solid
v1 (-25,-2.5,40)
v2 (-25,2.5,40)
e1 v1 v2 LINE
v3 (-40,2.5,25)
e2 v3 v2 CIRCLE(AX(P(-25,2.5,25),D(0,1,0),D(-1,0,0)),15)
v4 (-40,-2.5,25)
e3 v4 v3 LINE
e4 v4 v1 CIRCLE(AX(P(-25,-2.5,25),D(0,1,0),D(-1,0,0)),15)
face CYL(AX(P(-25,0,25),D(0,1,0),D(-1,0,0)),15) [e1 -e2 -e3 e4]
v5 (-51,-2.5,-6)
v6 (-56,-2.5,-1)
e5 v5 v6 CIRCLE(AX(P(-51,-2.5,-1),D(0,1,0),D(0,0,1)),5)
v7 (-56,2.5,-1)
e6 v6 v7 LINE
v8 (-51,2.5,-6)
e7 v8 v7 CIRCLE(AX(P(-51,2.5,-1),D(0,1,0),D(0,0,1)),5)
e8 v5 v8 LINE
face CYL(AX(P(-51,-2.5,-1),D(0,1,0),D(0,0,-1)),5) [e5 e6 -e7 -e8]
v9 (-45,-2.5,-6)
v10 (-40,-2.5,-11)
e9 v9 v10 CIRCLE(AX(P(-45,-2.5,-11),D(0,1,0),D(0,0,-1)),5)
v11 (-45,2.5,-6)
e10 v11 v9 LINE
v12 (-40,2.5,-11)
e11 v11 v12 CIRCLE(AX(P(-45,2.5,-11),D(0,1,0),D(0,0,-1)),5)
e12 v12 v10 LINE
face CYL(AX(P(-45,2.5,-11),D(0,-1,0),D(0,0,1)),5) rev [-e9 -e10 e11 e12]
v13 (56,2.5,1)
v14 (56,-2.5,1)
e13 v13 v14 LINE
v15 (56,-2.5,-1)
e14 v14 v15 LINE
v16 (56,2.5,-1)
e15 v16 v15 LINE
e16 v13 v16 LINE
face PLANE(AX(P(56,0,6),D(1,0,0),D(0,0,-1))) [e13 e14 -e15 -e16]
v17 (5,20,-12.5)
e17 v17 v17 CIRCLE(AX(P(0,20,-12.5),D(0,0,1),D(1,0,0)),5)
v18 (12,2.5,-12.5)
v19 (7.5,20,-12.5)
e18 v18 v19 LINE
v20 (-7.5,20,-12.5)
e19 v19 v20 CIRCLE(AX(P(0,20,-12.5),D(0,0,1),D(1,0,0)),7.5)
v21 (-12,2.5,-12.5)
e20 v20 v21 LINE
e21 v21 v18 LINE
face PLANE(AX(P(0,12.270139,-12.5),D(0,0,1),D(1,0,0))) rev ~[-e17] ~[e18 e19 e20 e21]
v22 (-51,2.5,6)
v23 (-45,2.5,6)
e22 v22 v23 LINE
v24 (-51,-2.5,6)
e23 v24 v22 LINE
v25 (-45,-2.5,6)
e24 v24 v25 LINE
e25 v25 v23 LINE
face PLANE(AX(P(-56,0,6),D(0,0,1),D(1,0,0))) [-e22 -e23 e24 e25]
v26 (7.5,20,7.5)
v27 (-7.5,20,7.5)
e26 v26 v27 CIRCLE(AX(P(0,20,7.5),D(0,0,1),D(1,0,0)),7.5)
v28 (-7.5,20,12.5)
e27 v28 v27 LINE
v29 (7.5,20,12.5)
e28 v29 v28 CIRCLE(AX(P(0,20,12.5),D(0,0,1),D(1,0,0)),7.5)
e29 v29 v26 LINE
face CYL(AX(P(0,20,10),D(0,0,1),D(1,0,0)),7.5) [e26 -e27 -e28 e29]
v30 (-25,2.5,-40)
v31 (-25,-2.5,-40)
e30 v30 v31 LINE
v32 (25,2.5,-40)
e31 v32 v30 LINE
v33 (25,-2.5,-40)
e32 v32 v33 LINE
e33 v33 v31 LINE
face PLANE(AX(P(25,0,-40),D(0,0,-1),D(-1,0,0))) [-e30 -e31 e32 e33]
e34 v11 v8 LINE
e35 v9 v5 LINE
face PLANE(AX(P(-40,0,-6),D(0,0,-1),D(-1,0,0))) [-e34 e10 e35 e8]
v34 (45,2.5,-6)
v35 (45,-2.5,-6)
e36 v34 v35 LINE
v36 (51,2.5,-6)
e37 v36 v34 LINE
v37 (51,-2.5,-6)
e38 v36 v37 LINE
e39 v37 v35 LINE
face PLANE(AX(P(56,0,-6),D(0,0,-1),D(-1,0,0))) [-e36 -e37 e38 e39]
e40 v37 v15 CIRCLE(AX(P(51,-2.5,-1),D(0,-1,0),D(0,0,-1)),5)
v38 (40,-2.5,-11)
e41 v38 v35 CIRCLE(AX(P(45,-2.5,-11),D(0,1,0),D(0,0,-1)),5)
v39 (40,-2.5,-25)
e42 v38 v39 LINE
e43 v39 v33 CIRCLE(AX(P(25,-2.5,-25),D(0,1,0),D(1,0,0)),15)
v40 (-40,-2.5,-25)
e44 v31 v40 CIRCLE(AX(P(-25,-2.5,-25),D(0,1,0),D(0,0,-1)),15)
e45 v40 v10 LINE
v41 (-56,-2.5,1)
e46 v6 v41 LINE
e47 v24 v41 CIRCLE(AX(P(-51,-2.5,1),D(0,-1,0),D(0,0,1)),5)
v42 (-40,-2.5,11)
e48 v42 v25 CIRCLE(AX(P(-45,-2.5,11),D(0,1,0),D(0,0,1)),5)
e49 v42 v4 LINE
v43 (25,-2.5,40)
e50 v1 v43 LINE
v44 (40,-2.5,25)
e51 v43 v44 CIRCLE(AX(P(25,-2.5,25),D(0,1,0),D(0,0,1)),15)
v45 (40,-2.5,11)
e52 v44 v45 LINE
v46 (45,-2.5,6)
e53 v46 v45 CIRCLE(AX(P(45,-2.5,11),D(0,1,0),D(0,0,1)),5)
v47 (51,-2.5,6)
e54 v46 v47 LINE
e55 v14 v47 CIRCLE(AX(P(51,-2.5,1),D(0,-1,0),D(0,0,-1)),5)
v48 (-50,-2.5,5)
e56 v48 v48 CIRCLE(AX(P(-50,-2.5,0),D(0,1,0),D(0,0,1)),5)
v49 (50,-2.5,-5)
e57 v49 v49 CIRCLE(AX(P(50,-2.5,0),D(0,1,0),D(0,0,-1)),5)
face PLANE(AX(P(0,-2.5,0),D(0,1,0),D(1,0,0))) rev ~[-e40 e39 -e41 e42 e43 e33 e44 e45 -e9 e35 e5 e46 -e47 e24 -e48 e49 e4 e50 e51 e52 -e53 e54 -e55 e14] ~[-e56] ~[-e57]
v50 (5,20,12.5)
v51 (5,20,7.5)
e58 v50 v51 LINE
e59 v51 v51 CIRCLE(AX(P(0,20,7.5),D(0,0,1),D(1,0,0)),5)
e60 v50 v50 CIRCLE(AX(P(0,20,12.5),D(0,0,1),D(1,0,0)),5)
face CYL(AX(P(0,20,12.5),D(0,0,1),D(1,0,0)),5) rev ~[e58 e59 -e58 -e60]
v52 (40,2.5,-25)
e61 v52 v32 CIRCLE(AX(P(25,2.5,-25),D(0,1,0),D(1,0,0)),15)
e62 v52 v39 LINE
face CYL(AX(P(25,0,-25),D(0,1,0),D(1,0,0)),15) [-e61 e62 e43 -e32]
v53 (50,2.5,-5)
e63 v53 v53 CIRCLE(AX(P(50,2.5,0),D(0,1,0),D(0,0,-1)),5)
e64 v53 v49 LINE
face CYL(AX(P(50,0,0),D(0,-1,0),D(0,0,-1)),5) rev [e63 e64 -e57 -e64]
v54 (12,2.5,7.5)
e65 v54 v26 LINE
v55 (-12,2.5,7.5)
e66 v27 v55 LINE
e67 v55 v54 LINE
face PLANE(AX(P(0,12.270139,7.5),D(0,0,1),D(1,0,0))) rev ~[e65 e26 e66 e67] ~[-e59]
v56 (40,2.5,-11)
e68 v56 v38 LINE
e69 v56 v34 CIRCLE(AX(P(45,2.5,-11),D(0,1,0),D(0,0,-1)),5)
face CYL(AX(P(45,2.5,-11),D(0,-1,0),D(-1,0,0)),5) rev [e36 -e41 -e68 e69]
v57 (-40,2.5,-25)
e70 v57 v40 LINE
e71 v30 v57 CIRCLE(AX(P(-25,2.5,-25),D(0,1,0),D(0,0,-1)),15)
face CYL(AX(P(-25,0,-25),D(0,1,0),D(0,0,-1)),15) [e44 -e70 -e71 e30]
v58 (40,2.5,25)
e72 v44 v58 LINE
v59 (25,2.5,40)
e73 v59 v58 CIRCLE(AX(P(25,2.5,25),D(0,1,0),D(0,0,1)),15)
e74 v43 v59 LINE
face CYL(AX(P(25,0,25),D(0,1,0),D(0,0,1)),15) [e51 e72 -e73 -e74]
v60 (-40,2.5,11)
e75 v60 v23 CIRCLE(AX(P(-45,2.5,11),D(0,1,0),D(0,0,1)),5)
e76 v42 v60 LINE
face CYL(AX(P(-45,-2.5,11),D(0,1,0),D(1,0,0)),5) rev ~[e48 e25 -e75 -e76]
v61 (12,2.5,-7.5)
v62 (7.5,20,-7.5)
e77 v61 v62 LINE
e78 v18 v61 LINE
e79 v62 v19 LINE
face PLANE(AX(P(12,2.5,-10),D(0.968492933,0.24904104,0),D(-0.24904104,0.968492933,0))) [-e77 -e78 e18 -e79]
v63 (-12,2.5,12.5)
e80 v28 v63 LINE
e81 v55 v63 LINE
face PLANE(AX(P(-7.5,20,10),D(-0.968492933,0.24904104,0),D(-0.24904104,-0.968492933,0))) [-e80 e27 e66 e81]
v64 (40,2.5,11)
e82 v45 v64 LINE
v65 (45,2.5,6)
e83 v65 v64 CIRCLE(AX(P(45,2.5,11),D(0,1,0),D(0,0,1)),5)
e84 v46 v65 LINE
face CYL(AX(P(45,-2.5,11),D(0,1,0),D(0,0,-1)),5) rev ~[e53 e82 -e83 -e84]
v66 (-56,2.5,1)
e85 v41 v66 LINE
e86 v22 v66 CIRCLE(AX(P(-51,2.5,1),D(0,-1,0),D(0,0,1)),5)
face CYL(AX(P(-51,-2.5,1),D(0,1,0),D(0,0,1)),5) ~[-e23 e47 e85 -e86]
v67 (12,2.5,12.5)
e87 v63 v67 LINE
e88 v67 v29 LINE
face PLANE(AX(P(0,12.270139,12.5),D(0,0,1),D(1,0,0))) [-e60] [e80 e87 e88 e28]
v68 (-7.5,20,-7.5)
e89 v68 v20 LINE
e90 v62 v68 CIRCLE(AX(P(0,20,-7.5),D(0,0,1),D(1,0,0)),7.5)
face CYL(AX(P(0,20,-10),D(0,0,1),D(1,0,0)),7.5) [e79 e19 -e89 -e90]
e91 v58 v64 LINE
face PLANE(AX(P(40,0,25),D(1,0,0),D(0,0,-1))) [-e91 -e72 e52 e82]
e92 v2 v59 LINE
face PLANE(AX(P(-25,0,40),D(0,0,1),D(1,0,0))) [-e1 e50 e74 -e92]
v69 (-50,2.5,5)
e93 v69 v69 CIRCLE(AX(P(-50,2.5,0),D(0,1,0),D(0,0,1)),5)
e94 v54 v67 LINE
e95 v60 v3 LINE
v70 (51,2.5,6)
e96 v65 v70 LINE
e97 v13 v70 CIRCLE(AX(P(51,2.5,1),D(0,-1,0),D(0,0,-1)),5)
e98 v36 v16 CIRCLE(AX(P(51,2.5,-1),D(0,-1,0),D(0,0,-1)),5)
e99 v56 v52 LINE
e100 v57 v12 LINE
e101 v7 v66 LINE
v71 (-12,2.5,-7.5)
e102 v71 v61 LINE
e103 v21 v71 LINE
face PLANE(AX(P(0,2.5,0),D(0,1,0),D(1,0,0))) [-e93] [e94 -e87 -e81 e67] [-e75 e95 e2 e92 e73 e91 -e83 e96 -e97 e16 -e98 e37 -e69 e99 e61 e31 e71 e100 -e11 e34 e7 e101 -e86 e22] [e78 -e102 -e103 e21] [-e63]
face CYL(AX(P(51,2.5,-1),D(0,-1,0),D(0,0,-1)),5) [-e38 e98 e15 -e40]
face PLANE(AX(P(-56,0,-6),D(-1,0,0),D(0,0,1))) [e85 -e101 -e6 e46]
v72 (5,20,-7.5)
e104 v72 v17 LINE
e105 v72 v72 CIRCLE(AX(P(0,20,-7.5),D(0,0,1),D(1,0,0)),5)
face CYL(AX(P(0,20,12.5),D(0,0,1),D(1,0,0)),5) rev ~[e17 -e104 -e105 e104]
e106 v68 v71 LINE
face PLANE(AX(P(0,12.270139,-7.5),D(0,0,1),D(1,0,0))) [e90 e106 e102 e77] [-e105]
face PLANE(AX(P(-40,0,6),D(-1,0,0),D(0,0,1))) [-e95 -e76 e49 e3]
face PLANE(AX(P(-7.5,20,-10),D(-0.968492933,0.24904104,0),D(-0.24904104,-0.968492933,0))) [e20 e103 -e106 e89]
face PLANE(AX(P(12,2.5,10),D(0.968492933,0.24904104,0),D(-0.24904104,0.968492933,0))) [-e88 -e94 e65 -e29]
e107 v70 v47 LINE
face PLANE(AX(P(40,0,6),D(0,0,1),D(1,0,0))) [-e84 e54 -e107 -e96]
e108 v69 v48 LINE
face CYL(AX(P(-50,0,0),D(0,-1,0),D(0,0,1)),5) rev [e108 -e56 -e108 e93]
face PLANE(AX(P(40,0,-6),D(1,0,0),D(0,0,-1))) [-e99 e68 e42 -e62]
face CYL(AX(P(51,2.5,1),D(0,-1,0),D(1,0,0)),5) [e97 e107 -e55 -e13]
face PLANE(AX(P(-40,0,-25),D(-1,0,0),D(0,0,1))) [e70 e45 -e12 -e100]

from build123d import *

# Parameters (mm, degrees)
SKETCH1_R           = 5
BOSS_EXTRUDE1_DEPTH = 2.5
FILLET1_R           = 5
BOSS_EXTRUDE2_START = 10
BOSS_EXTRUDE2_DEPTH = 2.5
BOSS_EXTRUDE3_START = -10
BOSS_EXTRUDE3_DEPTH = 2.5
SKETCH3_R           = 5
CUT_EXTRUDE1_DEPTH  = 85


with BuildPart() as part:
    # Sketch1 → Boss-Extrude1 (new, symmetric)
    with BuildSketch(Plane(origin=(0, 0, 0), x_dir=(1, 0, 0), z_dir=(0, 1, 0))):
        with BuildLine():
            Line((-40, 6), (-56, 6))
            Line((-56, 6), (-56, -6))
            Line((-56, -6), (-40, -6))
            Line((-40, -6), (-40, -25))
            ThreePointArc((-40, -25), (-35.606601718, -35.606601718), (-25, -40))
            Line((-25, -40), (25, -40))
            ThreePointArc((25, -40), (35.606601718, -35.606601718), (40, -25))
            Line((40, -25), (40, -6))
            Line((40, -6), (56, -6))
            Line((56, -6), (56, 6))
            Line((56, 6), (40, 6))
            Line((40, 6), (40, 25))
            ThreePointArc((40, 25), (35.606601718, 35.606601718), (25, 40))
            Line((25, 40), (-25, 40))
            ThreePointArc((-25, 40), (-35.606601718, 35.606601718), (-40, 25))
            Line((-40, 25), (-40, 6))
        make_face()
        with Locations((-50, 0)):
            Circle(SKETCH1_R, mode=Mode.SUBTRACT)
        with Locations((50, 0)):
            Circle(SKETCH1_R, mode=Mode.SUBTRACT)
    extrude(amount=BOSS_EXTRUDE1_DEPTH, both=True)

    # Fillet1
    fillet1_edges = [part.edges().sort_by_distance(p)[0] for p in [
        (-40, 0, -6),
        (-56, 0, -6),
        (-56, 0, 6),
        (-40, 0, 6),
        (40, 0, -6),
        (56, 0, -6),
        (56, 0, 6),
        (40, 0, 6),
    ]]
    fillet(fillet1_edges, radius=FILLET1_R)

    # Sketch2 → Boss-Extrude2 (add, symmetric)
    with BuildSketch(Plane.XY.offset(BOSS_EXTRUDE2_START)):
        with BuildLine():
            Line((-7.5, 20), (-12, 2.5))
            Line((-12, 2.5), (12, 2.5))
            Line((12, 2.5), (7.5, 20))
            ThreePointArc((7.5, 20), (0, 27.5), (-7.5, 20))
        make_face()
    extrude(amount=BOSS_EXTRUDE2_DEPTH, both=True)

    # Sketch2<2> → Boss-Extrude3 (add, symmetric)
    with BuildSketch(Plane.XY.offset(BOSS_EXTRUDE3_START)):
        with BuildLine():
            Line((-7.5, 20), (-12, 2.5))
            Line((-12, 2.5), (12, 2.5))
            Line((12, 2.5), (7.5, 20))
            ThreePointArc((7.5, 20), (0, 27.5), (-7.5, 20))
        make_face()
    extrude(amount=BOSS_EXTRUDE3_DEPTH, both=True)

    # Sketch3 → Cut-Extrude1 (cut)
    with BuildSketch(Plane.XY.offset(12.5)):
        with Locations((0, 20)):
            Circle(SKETCH3_R)
    extrude(amount=-CUT_EXTRUDE1_DEPTH, mode=Mode.SUBTRACT)


solid = part.part
